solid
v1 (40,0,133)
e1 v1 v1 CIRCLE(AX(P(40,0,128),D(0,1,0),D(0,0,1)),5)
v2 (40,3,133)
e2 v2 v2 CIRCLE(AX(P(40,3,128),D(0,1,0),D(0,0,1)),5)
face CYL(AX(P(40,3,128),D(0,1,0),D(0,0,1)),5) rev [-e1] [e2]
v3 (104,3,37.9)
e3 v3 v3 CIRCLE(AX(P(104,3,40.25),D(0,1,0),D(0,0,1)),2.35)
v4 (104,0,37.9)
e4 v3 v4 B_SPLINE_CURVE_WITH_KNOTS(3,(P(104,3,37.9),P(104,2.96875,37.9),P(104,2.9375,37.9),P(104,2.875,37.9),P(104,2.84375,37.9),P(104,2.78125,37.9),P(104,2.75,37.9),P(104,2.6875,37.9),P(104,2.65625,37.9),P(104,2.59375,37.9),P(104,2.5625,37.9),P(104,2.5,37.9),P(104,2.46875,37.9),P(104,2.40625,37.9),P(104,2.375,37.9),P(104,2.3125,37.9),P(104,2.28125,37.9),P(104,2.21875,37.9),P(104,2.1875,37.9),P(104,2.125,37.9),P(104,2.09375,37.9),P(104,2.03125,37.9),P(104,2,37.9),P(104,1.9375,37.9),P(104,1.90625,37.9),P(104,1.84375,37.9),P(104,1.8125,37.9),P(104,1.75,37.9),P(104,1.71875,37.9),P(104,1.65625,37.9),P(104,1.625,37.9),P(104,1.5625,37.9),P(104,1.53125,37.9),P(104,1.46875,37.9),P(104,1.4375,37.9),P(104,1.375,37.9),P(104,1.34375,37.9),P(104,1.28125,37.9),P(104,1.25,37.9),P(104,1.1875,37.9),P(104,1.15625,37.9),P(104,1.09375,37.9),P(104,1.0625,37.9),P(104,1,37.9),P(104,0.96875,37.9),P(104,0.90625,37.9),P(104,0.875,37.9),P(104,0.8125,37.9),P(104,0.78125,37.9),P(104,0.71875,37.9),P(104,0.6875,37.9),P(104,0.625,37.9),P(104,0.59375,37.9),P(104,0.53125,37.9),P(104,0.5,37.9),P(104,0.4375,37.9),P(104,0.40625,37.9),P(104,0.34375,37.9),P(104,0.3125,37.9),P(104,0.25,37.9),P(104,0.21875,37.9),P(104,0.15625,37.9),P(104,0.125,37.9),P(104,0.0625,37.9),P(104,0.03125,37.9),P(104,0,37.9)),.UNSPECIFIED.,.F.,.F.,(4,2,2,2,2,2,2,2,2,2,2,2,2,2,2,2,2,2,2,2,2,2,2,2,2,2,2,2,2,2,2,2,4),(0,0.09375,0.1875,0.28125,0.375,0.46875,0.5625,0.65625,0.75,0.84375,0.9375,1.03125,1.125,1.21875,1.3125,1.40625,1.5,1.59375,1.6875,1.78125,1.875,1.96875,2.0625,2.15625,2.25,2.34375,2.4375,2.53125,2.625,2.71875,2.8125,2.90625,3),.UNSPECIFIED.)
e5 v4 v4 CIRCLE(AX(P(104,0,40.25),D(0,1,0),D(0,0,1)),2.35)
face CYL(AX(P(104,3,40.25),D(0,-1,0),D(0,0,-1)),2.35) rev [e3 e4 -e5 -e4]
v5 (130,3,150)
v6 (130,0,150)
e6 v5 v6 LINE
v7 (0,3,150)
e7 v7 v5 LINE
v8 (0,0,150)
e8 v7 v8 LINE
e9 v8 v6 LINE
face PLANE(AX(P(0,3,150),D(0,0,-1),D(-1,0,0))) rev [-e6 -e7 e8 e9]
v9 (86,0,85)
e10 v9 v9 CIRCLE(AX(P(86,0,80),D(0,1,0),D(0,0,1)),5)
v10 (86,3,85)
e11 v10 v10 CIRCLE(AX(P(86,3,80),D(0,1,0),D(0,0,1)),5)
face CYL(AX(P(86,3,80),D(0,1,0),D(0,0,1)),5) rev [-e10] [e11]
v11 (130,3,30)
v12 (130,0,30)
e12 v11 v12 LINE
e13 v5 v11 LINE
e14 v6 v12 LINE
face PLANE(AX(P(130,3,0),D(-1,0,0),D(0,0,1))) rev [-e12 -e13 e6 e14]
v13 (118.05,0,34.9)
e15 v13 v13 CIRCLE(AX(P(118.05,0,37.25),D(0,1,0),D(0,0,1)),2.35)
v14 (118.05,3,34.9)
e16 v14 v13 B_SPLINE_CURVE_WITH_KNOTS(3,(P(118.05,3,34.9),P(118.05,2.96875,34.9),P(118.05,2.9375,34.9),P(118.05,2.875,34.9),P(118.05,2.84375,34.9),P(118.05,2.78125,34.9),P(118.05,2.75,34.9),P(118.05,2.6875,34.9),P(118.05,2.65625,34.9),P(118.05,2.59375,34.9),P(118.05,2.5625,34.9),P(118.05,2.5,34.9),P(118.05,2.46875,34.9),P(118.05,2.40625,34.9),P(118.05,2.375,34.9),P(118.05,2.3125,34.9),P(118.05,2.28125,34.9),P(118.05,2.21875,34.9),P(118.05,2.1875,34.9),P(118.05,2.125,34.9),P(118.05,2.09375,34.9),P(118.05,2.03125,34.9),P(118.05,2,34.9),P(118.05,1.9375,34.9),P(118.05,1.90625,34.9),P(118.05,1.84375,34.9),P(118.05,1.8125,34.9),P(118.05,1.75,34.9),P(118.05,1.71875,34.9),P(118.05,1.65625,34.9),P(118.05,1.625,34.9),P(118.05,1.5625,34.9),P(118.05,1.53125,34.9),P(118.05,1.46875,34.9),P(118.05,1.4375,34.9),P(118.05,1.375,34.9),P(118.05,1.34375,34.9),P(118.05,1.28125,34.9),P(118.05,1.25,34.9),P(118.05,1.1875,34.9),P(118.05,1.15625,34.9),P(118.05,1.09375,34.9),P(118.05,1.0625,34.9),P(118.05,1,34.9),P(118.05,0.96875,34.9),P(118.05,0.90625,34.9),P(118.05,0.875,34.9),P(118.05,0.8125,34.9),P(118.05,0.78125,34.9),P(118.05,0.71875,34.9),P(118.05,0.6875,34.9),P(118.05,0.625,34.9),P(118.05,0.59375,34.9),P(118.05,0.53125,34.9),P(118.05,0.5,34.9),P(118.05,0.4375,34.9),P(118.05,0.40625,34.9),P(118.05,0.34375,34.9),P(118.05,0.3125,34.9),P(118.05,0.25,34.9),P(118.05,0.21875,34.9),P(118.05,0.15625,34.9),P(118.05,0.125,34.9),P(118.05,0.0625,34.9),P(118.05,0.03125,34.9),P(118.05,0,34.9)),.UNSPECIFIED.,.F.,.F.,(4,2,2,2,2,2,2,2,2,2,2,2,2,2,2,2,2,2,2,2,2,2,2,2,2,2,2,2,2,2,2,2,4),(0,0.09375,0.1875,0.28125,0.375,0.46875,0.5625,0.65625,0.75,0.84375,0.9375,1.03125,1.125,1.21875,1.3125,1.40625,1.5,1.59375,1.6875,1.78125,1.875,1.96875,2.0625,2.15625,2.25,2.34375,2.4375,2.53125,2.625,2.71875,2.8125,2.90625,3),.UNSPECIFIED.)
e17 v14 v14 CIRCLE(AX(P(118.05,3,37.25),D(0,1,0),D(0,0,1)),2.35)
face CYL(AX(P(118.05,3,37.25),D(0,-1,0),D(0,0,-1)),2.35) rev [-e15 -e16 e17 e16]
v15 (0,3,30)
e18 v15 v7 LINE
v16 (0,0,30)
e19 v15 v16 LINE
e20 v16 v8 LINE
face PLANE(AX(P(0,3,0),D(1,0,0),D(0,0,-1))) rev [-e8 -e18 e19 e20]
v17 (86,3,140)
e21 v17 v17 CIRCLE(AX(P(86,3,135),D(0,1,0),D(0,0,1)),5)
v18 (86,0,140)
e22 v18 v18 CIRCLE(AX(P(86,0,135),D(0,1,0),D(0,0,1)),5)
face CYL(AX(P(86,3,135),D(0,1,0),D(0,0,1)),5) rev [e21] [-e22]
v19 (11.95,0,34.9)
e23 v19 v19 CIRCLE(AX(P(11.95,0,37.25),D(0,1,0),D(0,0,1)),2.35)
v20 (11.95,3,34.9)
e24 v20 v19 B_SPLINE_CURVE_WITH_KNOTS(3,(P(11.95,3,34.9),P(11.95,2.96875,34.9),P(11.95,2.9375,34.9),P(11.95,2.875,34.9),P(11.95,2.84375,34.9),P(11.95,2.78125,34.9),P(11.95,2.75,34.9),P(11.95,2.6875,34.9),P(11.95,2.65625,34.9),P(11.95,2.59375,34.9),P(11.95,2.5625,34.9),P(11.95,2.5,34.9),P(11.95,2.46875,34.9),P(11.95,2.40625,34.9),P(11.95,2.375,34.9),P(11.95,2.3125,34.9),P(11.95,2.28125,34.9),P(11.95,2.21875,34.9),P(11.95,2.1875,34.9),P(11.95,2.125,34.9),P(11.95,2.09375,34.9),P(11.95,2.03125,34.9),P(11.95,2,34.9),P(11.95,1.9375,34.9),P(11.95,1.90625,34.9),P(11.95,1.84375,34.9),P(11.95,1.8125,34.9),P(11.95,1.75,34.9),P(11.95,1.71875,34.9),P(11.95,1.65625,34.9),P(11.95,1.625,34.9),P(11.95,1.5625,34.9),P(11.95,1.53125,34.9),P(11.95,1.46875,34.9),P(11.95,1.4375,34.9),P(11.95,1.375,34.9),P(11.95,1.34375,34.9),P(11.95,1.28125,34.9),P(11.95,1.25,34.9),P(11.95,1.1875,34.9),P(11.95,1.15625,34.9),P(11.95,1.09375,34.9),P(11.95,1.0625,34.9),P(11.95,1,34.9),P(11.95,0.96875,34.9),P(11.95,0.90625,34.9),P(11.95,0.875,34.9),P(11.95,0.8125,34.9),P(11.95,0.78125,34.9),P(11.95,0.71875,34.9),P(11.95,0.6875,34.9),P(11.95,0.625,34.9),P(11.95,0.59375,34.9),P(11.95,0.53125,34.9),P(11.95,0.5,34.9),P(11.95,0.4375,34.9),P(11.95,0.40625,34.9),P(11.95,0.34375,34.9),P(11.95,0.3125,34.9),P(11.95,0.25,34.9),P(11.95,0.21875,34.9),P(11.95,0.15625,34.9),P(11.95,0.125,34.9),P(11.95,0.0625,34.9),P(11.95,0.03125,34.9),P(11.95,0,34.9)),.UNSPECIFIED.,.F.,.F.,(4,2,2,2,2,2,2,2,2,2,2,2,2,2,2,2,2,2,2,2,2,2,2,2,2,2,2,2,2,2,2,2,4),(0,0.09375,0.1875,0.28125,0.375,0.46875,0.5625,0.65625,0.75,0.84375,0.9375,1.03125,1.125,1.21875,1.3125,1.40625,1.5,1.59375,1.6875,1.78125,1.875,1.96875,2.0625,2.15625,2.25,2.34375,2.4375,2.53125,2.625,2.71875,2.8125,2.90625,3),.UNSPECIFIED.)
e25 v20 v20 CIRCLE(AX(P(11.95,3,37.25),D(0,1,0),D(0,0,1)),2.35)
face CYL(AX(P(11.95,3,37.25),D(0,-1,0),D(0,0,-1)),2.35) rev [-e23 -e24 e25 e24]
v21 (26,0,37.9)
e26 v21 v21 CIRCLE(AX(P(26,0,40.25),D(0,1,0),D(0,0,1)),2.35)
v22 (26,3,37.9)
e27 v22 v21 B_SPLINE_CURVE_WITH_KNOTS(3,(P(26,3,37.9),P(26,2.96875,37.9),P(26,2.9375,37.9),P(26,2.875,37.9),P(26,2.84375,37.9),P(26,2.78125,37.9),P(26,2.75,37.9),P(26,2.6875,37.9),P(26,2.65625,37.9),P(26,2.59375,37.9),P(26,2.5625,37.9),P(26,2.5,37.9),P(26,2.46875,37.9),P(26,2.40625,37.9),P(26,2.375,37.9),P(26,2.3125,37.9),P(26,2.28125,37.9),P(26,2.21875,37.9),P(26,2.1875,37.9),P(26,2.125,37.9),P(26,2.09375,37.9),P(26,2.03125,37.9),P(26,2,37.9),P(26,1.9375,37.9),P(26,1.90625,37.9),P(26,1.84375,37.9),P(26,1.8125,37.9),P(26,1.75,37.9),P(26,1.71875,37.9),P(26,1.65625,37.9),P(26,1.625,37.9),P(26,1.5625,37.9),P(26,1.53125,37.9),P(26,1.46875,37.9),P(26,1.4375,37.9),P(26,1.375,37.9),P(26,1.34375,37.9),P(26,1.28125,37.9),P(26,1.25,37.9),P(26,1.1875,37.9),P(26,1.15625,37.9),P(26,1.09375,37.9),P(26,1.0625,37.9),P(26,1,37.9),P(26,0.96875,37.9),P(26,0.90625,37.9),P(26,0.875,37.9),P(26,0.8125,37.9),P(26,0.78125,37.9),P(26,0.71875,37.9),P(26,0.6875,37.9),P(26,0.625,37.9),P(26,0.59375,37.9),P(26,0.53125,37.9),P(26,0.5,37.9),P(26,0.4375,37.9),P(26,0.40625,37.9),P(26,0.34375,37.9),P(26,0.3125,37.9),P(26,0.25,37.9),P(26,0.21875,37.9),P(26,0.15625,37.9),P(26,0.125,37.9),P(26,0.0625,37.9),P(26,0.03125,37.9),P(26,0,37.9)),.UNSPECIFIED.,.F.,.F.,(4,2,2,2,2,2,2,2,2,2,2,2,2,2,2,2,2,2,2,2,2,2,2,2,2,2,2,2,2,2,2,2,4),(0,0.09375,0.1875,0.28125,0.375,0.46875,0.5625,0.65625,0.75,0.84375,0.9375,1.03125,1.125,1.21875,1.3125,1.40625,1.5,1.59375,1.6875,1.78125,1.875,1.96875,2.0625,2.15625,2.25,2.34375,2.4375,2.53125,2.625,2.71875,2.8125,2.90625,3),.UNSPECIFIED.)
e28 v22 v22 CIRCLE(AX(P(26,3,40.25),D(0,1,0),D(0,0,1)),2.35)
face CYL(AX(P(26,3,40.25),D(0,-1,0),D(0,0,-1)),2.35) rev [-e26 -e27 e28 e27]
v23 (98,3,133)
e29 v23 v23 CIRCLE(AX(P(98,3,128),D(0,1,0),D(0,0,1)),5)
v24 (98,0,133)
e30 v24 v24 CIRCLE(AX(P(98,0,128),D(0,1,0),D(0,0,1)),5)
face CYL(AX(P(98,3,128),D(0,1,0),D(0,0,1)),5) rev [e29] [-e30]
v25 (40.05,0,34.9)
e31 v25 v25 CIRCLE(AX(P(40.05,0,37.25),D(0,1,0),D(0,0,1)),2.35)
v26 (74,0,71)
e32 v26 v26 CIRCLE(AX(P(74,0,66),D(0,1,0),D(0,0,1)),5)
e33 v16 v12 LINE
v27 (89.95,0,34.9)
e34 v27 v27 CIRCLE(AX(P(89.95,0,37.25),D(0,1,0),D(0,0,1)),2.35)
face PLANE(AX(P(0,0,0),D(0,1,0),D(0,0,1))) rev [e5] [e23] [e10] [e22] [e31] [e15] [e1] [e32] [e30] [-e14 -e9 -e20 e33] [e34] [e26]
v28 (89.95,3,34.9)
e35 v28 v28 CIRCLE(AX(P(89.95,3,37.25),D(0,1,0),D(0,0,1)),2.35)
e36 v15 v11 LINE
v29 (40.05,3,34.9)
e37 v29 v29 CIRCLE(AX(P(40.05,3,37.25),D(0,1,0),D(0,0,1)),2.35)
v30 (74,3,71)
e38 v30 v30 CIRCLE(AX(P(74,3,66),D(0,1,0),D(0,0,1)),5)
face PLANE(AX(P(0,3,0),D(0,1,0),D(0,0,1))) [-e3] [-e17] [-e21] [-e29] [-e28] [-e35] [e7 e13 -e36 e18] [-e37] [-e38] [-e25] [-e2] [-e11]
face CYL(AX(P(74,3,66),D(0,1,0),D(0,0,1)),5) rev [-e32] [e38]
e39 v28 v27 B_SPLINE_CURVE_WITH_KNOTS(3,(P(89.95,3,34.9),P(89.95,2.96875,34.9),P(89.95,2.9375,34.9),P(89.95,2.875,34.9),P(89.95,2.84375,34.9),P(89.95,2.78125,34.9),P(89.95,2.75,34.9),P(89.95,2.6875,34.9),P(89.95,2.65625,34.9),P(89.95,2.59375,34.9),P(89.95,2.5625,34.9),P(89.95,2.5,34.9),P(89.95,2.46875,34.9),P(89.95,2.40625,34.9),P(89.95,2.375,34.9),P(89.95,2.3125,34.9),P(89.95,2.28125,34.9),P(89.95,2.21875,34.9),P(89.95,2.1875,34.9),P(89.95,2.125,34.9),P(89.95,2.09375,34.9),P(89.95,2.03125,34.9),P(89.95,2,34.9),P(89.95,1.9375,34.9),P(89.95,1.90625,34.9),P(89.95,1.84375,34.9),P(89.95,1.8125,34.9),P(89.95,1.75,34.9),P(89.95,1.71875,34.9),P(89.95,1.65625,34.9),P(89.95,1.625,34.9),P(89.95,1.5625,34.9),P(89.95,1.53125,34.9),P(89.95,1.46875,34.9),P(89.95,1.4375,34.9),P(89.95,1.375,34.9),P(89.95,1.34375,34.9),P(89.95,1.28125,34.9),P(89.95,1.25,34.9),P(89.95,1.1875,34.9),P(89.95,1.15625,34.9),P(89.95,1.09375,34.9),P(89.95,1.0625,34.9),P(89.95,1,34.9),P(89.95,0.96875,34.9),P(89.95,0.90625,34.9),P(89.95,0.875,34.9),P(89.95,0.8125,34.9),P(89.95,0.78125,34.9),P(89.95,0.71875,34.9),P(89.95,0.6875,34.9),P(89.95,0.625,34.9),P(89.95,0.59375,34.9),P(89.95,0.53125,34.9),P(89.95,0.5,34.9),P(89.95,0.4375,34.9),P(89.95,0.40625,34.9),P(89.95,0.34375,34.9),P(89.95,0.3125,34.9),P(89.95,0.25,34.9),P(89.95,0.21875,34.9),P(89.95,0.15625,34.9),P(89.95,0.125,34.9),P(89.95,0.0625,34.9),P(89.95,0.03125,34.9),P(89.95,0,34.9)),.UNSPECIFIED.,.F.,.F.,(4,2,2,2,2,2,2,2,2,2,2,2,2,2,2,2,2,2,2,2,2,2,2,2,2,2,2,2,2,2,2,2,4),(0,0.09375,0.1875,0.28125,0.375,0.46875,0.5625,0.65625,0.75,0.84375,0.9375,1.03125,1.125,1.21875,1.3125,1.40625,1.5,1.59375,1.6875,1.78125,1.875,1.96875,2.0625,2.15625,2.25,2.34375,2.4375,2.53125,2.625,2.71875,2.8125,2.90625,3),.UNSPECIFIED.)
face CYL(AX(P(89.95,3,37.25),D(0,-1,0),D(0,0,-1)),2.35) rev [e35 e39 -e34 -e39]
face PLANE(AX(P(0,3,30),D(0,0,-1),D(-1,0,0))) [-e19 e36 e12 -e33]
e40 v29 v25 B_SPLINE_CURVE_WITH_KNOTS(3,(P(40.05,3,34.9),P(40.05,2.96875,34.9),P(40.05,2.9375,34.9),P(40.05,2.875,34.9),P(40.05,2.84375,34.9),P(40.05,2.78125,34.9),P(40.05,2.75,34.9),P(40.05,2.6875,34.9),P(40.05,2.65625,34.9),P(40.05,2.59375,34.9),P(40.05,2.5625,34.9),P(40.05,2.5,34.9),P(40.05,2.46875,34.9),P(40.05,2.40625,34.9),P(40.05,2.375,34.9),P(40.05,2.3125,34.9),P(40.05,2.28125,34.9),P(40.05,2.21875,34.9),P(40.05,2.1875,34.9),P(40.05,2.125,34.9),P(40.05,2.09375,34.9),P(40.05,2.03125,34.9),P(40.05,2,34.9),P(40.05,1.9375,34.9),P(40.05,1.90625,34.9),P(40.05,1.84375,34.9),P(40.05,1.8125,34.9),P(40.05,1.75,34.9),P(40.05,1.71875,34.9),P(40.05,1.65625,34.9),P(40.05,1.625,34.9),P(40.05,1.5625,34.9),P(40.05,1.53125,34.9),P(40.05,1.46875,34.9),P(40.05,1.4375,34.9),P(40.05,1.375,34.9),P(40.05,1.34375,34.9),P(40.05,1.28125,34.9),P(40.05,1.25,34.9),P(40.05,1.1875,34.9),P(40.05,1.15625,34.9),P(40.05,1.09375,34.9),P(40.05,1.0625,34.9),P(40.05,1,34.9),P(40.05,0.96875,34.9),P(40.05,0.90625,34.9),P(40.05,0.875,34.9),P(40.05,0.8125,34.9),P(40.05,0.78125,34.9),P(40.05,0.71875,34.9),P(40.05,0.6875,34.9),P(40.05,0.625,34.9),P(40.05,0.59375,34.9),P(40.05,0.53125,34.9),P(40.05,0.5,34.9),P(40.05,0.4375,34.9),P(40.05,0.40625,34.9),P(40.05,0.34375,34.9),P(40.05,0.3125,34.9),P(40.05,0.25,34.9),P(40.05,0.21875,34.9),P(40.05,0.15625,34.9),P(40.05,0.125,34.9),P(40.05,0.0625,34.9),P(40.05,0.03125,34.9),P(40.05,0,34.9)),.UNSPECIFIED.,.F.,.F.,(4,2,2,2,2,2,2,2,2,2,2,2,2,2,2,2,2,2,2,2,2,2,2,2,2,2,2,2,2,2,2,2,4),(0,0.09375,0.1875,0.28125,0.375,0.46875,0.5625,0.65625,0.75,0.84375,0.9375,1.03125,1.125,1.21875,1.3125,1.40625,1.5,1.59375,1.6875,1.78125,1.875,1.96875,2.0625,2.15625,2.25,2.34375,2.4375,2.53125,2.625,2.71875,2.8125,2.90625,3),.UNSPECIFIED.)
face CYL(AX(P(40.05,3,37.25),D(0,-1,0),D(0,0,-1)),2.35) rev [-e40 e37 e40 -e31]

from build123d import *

# Parameters (mm, degrees)
SKETCH1_W                  = 130
SKETCH1_H                  = 150
BOSS_EXTRUDE1_DEPTH        = 3
F_10_0_10_DIAMETER_HOLE2_D = 10
F_14_0_14_DIAMETER_HOLE1_D = 14
F_5_0_5_DIAMETER_HOLE1_D   = 5
F_10_0_10_DIAMETER_HOLE1_D = 10
F_9_0_9_DIAMETER_HOLE1_D   = 9
F_5_0_5_DIAMETER_HOLE2_D   = 5
SKETCH15_W                 = 130
SKETCH15_H                 = 30
CUT_EXTRUDE1_DEPTH         = 199.517001791
SKETCH16_R                 = 2.35
CUT_EXTRUDE2_DEPTH         = 199.517001791


with BuildPart() as part:
    # Sketch1 → Boss-Extrude1 (new body)
    with BuildSketch(Plane(origin=(0, 0, 0), x_dir=(1, 0, 0), z_dir=(0, 1, 0))):
        with Locations((65, -75)):
            Rectangle(SKETCH1_W, SKETCH1_H)
    extrude(amount=BOSS_EXTRUDE1_DEPTH)

    # Ø10.0 (10) Diameter Hole2 (through all)
    with Locations(Plane(origin=(0, 3, 0), x_dir=(1, 0, 0), z_dir=(0, 1, 0))):
        with Locations((40, -128), (98, -128), (74, -66)):
            Hole(F_10_0_10_DIAMETER_HOLE2_D / 2)

    # Ø14.0 (14) Diameter Hole1 (through all)
    with Locations(Plane(origin=(0, 3, 0), x_dir=(1, 0, 0), z_dir=(0, 1, 0))):
        with Locations((16, -16), (114, -16)):
            Hole(F_14_0_14_DIAMETER_HOLE1_D / 2)

    # Ø5.0 (5) Diameter Hole1 (through all)
    with Locations(Plane(origin=(0, 3, 0), x_dir=(1, 0, 0), z_dir=(0, 1, 0))):
        with Locations((4.686291501, -27.313708499), (4.686291501, -4.686291501), (27.313708499, -4.686291501), (27.313708499, -27.313708499), (102.686291501, -27.313708499), (125.313708499, -27.313708499), (125.313708499, -4.686291501), (102.686291501, -4.686291501)):
            Hole(F_5_0_5_DIAMETER_HOLE1_D / 2)

    # Ø10.0 (10) Diameter Hole1 (through all)
    with Locations(Plane(origin=(0, 3, 0), x_dir=(1, 0, 0), z_dir=(0, 1, 0))):
        with Locations((86, -135), (86, -80)):
            Hole(F_10_0_10_DIAMETER_HOLE1_D / 2)

    # Ø9.0 (9) Diameter Hole1 (through all)
    with Locations(Plane(origin=(0, 3, 0), x_dir=(1, 0, 0), z_dir=(0, 1, 0))):
        with Locations((65, -16)):
            Hole(F_9_0_9_DIAMETER_HOLE1_D / 2)

    # Ø5.0 (5) Diameter Hole2 (through all)
    with Locations(Plane(origin=(0, 3, 0), x_dir=(1, 0, 0), z_dir=(0, 1, 0))):
        with Locations((53.686291501, -27.313708499), (76.313708499, -27.313708499), (76.313708499, -4.686291501), (53.686291501, -4.686291501)):
            Hole(F_5_0_5_DIAMETER_HOLE2_D / 2)

    # Sketch15 → Cut-Extrude1 (cut, through all)
    with BuildSketch(Plane(origin=(0, 0, 0), x_dir=(1, 0, 0), z_dir=(0, 1, 0))):
        with Locations((65, -15)):
            Rectangle(SKETCH15_W, SKETCH15_H)
    extrude(amount=CUT_EXTRUDE1_DEPTH, mode=Mode.SUBTRACT)

    # Sketch16 → Cut-Extrude2 (cut, through all)
    with BuildSketch(Plane(origin=(0, 0, 0), x_dir=(1, 0, 0), z_dir=(0, 1, 0))):
        with Locations(Location((89.95, -37.25, 0), (0, 0, 90))):
            Circle(SKETCH16_R)
        with Locations(Location((118.05, -37.25, 0), (0, 0, 90))):
            Circle(SKETCH16_R)
        with Locations(Location((104, -40.25, 0), (0, 0, 90))):
            Circle(SKETCH16_R)
        with Locations(Location((11.95, -37.25, 0), (0, 0, 90))):
            Circle(SKETCH16_R)
        with Locations(Location((40.05, -37.25, 0), (0, 0, 90))):
            Circle(SKETCH16_R)
        with Locations(Location((26, -40.25, 0), (0, 0, 90))):
            Circle(SKETCH16_R)
    extrude(amount=CUT_EXTRUDE2_DEPTH, mode=Mode.SUBTRACT)


solid = part.part
